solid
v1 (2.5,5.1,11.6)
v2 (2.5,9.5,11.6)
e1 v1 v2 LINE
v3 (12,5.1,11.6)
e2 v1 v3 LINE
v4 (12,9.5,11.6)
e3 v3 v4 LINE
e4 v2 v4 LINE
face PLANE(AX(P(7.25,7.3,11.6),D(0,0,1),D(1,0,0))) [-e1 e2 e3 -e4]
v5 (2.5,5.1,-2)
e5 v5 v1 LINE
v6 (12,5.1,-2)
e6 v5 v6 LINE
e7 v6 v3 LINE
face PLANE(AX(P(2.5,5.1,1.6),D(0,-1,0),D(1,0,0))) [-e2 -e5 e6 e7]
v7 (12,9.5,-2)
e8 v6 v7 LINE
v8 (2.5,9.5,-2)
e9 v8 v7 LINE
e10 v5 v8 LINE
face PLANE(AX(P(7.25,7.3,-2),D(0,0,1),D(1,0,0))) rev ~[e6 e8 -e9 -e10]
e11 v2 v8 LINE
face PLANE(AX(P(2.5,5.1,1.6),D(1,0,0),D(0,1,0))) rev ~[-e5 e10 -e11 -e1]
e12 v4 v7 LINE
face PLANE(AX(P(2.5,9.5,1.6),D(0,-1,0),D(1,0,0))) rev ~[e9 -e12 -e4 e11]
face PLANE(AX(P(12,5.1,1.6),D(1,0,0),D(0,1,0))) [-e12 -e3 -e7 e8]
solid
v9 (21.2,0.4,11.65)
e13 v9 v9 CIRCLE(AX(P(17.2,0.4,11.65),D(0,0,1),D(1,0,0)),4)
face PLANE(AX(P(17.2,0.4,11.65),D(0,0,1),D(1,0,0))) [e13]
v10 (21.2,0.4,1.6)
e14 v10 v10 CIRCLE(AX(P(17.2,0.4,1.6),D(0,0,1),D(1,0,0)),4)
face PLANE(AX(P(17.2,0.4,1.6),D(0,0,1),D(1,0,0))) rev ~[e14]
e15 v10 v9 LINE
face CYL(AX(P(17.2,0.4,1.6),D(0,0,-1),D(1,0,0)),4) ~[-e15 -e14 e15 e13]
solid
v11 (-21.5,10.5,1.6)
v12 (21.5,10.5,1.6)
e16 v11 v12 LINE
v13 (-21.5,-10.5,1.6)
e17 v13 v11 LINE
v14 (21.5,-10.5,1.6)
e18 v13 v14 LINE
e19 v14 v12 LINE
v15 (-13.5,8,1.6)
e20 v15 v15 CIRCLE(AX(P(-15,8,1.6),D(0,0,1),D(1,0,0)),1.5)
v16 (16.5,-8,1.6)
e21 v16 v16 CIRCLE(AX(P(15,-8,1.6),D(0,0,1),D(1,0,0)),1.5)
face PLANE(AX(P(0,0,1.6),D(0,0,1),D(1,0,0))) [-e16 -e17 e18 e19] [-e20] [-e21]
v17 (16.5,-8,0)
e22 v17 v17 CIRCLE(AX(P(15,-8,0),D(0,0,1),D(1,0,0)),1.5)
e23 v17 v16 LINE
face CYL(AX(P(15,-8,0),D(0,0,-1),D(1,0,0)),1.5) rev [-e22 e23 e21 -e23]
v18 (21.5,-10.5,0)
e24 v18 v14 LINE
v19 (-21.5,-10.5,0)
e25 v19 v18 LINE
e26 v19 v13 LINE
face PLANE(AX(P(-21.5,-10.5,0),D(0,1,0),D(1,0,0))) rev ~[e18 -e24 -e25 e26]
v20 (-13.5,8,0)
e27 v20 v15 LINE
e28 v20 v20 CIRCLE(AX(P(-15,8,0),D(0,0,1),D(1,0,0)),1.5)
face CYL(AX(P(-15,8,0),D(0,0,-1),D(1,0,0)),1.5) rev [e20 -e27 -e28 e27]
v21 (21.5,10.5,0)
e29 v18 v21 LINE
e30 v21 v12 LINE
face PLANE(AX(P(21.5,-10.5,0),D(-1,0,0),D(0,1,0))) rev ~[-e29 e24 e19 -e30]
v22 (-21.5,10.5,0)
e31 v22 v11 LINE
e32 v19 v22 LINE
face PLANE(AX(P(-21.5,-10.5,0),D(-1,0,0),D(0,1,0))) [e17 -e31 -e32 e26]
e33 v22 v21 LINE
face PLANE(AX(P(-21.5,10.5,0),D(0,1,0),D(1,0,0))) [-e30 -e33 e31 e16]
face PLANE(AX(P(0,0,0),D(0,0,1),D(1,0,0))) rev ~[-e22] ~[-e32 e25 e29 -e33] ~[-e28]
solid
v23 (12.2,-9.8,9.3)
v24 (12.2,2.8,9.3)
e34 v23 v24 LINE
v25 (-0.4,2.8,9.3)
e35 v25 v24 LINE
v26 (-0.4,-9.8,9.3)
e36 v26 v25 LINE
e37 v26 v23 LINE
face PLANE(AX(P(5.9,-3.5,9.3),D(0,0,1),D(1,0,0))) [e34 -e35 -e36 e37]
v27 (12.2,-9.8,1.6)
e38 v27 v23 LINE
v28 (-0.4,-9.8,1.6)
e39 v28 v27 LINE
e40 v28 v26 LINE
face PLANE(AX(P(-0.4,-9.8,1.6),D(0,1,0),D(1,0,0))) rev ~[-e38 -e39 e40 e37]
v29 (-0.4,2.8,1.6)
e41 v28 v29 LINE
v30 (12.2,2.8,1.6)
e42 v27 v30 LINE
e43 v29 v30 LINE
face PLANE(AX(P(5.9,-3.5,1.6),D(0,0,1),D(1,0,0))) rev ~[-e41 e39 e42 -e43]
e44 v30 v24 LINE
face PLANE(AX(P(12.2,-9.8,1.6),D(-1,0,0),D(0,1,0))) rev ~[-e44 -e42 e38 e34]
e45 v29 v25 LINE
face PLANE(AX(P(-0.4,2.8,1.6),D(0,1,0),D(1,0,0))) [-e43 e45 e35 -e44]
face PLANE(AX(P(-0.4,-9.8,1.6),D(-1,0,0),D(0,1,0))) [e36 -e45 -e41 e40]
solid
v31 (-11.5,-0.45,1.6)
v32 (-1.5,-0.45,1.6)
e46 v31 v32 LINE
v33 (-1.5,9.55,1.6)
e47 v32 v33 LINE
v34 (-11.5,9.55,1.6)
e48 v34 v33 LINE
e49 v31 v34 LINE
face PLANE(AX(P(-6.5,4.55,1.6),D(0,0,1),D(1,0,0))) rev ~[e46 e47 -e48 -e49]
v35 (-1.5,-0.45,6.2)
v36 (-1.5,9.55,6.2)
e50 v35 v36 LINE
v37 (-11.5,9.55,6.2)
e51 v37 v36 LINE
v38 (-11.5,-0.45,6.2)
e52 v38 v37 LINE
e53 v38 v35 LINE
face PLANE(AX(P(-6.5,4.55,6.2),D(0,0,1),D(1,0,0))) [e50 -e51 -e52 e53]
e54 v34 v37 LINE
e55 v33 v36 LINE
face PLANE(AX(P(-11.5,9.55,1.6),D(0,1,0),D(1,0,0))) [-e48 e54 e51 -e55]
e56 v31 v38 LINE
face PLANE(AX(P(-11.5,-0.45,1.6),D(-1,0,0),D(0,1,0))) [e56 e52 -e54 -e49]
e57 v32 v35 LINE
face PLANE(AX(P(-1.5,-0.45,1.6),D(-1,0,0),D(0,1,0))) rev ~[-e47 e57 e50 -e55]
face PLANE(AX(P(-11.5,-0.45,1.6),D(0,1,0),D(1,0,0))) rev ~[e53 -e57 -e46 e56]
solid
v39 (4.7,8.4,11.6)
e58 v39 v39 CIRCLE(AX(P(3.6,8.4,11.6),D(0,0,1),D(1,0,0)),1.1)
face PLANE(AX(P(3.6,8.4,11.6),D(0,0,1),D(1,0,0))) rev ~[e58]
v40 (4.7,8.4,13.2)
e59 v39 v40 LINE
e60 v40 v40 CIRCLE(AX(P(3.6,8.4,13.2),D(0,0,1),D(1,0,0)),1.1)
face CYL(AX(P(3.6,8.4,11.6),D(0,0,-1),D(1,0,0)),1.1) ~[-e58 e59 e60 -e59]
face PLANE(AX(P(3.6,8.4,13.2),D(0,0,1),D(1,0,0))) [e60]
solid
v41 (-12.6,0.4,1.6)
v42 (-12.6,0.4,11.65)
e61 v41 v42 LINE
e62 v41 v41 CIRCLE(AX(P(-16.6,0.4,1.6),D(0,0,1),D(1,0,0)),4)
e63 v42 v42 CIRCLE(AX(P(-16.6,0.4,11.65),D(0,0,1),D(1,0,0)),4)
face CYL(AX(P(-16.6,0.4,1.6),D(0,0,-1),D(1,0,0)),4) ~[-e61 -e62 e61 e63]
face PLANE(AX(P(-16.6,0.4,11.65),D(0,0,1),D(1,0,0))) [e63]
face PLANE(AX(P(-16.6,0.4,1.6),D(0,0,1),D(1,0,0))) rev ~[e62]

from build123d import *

# Parameters (mm, degrees)
F0_W          = 43
F0_H          = 21
F0_R          = 1.5
F1_DEPTH      = 1.6
F3_R          = 4
F4_DEPTH      = 10.05
F5_DEPTH      = 10.05
F3_W          = 12.6
F3_H          = 12.6
F6_DEPTH      = 7.7
F3_W_2        = 9.5
F3_H_2        = 4.4
F7_DEPTH      = 10
F7_DEPTH_BACK = 3.6
F3_W_3        = 10
F3_H_3        = 10
F8_DEPTH      = 4.6
F10_R         = 1.1
F11_DEPTH     = 1.6


with BuildPart() as f1:
    # F0 (on Top) → F1 (new body)
    with BuildSketch(Plane.XY):
        Rectangle(F0_W, F0_H)
        with Locations((15, -8)):
            Circle(F0_R, mode=Mode.SUBTRACT)
        with Locations((-15, 8)):
            Circle(F0_R, mode=Mode.SUBTRACT)
    extrude(amount=F1_DEPTH)


with BuildPart() as f4:
    # F3 (on offset) → F4 (new body)
    with BuildSketch(Plane.XY.offset(1.6)):
        with Locations((-16.6, 0.4)):
            Circle(F3_R)
    extrude(amount=F4_DEPTH)


with BuildPart() as f5:
    # F3 (on offset) → F5 (new body)
    with BuildSketch(Plane.XY.offset(1.6)):
        with Locations((17.2, 0.4)):
            Circle(F3_R)
    extrude(amount=F5_DEPTH)


with BuildPart() as f6:
    # F3 (on offset) → F6 (new body)
    with BuildSketch(Plane.XY.offset(1.6)):
        with Locations((5.9, -3.5)):
            Rectangle(F3_W, F3_H)
    extrude(amount=F6_DEPTH)


with BuildPart() as f7:
    # F3 (on offset) → F7 (new body, two sides)
    with BuildSketch(Plane.XY.offset(1.6)) as f7_sk:
        with Locations((7.25, 7.3)):
            Rectangle(F3_W_2, F3_H_2)
    extrude(amount=F7_DEPTH)
    extrude(f7_sk.sketch, amount=-F7_DEPTH_BACK)


with BuildPart() as f8:
    # F3 (on offset) → F8 (new body)
    with BuildSketch(Plane.XY.offset(1.6)):
        with Locations((-6.5, 4.55)):
            Rectangle(F3_W_3, F3_H_3)
    extrude(amount=F8_DEPTH)


with BuildPart() as f11:
    # F10 (on offset) → F11 (new body)
    with BuildSketch(Plane.XY.offset(11.6)):
        with Locations((3.6, 8.4)):
            Circle(F10_R)
    extrude(amount=F11_DEPTH)


solid = Compound([f1.part, f4.part, f5.part, f6.part, f7.part, f8.part, f11.part])
